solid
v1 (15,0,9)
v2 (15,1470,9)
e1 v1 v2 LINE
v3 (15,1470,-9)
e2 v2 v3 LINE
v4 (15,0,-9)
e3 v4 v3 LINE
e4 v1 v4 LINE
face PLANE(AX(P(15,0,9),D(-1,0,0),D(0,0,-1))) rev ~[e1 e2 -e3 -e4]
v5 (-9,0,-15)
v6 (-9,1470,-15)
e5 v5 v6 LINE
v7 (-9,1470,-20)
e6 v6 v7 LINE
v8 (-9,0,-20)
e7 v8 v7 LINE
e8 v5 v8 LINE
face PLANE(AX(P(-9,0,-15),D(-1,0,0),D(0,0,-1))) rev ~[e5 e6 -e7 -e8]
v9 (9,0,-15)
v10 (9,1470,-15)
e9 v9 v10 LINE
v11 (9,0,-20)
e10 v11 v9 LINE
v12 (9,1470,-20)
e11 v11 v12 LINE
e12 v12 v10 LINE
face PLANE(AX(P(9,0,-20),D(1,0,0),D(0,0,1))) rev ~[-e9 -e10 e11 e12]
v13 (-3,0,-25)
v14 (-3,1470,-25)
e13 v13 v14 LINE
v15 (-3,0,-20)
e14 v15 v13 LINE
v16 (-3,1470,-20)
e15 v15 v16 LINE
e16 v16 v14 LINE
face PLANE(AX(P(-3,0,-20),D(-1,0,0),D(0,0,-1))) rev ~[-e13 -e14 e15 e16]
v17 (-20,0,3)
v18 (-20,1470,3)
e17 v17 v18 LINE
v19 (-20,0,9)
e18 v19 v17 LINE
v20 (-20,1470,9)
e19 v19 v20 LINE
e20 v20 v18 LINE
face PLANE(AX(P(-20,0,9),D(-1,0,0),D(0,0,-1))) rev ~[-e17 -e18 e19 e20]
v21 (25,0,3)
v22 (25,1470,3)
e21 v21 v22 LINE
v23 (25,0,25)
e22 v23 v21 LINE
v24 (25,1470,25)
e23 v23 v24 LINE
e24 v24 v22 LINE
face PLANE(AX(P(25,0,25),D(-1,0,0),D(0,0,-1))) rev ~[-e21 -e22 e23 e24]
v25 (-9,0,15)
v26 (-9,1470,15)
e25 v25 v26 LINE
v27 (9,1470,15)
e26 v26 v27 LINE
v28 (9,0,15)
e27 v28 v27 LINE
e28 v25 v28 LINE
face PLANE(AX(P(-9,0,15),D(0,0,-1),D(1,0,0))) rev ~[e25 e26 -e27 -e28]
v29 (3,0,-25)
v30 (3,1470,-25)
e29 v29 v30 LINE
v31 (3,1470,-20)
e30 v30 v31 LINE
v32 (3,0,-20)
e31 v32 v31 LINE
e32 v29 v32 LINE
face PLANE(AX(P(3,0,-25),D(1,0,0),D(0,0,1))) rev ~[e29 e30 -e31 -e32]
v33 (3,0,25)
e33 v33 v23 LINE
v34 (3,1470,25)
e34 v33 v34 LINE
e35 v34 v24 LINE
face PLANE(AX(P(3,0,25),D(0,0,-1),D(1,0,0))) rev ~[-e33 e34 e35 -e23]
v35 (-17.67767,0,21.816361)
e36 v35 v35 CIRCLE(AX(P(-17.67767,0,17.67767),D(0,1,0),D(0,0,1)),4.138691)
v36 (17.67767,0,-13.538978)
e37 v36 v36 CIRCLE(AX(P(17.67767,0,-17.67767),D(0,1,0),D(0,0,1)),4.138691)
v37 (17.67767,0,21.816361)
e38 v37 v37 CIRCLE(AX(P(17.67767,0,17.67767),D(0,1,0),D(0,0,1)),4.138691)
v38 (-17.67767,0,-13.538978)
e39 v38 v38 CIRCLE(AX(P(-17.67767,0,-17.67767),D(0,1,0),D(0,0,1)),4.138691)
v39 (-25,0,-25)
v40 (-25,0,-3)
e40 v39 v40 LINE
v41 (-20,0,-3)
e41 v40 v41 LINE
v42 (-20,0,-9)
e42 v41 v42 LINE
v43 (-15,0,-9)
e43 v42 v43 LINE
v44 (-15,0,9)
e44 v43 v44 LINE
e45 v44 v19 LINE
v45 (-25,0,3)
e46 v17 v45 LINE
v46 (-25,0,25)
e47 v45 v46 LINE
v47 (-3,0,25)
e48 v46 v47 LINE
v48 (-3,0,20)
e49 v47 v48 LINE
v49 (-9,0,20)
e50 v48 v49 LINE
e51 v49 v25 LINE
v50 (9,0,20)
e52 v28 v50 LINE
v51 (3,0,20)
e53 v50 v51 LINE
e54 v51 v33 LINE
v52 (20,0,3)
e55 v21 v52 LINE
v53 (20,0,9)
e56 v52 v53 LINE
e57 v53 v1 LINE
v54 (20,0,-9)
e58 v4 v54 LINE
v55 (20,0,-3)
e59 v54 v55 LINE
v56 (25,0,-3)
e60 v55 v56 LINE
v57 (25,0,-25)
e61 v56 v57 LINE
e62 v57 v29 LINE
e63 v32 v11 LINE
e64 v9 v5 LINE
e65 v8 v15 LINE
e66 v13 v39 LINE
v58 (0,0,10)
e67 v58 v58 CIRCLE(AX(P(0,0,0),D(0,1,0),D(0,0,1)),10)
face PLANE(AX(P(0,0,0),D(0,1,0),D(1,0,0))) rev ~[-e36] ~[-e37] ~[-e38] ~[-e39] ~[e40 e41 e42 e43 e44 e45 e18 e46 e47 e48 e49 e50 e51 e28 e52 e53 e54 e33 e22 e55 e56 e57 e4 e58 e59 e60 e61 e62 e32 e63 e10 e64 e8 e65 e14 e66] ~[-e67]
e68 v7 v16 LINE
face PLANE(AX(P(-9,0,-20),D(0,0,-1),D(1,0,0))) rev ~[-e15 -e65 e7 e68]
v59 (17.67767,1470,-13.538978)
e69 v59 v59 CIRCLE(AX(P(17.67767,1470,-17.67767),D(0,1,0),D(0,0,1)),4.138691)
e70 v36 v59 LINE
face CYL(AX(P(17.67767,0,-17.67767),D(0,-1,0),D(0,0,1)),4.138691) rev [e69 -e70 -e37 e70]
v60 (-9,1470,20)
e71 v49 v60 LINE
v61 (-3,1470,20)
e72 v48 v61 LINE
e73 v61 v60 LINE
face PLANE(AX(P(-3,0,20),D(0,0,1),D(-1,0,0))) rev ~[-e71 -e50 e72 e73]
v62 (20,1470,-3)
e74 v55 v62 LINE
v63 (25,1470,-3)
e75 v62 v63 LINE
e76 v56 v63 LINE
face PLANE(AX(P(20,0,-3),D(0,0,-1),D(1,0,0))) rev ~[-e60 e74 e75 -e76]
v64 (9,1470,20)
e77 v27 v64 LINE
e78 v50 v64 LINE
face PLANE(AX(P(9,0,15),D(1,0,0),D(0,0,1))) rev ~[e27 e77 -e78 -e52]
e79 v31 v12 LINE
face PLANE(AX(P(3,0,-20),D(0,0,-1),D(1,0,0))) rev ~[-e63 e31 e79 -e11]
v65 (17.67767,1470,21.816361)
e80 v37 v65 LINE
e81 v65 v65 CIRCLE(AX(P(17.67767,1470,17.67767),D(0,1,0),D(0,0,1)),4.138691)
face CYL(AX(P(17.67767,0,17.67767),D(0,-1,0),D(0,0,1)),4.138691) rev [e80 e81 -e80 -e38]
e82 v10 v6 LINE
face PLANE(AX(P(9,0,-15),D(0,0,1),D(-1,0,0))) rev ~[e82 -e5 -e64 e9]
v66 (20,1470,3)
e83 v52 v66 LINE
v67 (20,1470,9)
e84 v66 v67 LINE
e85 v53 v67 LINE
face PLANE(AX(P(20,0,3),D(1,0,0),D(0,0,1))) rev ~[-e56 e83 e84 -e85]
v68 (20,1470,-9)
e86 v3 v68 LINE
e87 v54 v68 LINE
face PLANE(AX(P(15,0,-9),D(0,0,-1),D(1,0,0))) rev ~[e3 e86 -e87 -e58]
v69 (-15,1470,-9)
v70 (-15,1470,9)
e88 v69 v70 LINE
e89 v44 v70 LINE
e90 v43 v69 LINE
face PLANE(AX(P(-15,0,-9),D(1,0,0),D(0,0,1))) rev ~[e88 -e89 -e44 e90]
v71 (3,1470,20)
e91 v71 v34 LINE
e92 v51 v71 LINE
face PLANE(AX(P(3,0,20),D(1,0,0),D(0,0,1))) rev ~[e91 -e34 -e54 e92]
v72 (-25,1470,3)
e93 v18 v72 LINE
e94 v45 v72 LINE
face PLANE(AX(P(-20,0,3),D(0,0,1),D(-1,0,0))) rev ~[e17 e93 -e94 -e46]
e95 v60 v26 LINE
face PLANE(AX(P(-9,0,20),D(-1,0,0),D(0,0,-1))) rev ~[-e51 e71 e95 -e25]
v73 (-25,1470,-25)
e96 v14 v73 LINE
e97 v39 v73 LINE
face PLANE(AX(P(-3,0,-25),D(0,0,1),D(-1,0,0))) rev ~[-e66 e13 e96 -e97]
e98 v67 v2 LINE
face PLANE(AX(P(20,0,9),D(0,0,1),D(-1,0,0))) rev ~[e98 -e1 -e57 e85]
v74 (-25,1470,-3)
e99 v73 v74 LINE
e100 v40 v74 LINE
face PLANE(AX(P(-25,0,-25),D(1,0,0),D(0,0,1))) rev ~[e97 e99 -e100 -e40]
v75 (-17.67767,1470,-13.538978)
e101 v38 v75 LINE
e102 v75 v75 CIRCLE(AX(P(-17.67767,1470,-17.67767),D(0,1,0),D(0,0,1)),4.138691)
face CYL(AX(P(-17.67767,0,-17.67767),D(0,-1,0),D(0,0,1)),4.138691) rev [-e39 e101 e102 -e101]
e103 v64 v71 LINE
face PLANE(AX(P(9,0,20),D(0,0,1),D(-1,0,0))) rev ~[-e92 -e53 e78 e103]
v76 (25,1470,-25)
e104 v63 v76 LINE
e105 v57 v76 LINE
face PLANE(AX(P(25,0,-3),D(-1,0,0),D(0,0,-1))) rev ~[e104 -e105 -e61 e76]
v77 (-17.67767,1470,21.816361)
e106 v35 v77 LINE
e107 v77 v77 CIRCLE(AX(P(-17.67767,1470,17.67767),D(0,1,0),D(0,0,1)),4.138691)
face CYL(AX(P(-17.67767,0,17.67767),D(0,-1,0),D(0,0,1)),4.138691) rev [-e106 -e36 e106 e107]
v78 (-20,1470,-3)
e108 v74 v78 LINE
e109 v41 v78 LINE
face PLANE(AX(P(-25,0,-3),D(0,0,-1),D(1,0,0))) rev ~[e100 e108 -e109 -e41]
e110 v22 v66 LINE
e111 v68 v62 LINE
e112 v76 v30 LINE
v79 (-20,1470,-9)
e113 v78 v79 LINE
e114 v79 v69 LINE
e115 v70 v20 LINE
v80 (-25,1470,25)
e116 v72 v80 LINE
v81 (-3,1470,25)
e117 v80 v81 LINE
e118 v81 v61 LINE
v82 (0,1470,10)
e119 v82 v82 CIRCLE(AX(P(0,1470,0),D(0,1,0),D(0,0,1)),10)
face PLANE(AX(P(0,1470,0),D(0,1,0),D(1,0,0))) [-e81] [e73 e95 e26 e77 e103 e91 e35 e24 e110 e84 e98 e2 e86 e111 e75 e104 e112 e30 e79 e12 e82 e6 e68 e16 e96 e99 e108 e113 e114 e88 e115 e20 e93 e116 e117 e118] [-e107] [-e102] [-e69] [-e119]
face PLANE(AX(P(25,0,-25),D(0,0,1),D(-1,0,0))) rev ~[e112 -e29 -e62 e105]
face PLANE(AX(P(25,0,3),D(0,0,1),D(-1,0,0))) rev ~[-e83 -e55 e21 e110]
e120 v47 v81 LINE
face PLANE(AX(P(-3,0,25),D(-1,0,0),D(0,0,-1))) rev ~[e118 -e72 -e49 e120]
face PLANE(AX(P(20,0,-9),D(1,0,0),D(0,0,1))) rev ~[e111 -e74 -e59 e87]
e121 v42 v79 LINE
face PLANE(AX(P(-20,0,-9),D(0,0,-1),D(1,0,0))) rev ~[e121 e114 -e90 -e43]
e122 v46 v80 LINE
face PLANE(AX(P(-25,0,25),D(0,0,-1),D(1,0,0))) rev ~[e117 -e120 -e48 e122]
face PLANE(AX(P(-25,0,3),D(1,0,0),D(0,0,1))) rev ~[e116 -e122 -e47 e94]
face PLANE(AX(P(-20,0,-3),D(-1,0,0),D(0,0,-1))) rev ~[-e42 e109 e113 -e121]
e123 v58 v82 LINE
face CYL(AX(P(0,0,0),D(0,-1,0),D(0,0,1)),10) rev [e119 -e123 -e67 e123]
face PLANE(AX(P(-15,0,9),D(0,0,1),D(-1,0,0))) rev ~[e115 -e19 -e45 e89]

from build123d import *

# Parameters (mm, degrees)
SKETCH1_R           = 10
SKETCH1_R_2         = 4.138691164
BOSS_EXTRUDE1_DEPTH = 1470


with BuildPart() as part:
    # Sketch1 → Boss-Extrude1 (new body)
    with BuildSketch(Plane(origin=(0, 0, 0), x_dir=(1, 0, 0), z_dir=(0, 1, 0))):
        Polygon((-25, -3), (-25, -25), (-3, -25), (-3, -20), (-9, -20), (-9, -15), (9, -15), (9, -20), (3, -20), (3, -25), (25, -25), (25, -3), (20, -3), (20, -9), (15, -9), (15, 9), (20, 9), (20, 3), (25, 3), (25, 25), (3, 25), (3, 20), (9, 20), (9, 15), (-9, 15), (-9, 20), (-3, 20), (-3, 25), (-25, 25), (-25, 3), (-20, 3), (-20, 9), (-15, 9), (-15, -9), (-20, -9), (-20, -3), align=None)
        with Locations(Location((0, 0, 0), (0, 0, 270))):
            Circle(SKETCH1_R, mode=Mode.SUBTRACT)
        with Locations(Location((-17.67766953, 17.67766953, 0), (0, 0, 270))):
            Circle(SKETCH1_R_2, mode=Mode.SUBTRACT)
        with Locations(Location((17.67766953, 17.67766953, 0), (0, 0, 270))):
            Circle(SKETCH1_R_2, mode=Mode.SUBTRACT)
        with Locations(Location((17.67766953, -17.67766953, 0), (0, 0, 270))):
            Circle(SKETCH1_R_2, mode=Mode.SUBTRACT)
        with Locations(Location((-17.67766953, -17.67766953, 0), (0, 0, 270))):
            Circle(SKETCH1_R_2, mode=Mode.SUBTRACT)
    extrude(amount=BOSS_EXTRUDE1_DEPTH)


solid = part.part
